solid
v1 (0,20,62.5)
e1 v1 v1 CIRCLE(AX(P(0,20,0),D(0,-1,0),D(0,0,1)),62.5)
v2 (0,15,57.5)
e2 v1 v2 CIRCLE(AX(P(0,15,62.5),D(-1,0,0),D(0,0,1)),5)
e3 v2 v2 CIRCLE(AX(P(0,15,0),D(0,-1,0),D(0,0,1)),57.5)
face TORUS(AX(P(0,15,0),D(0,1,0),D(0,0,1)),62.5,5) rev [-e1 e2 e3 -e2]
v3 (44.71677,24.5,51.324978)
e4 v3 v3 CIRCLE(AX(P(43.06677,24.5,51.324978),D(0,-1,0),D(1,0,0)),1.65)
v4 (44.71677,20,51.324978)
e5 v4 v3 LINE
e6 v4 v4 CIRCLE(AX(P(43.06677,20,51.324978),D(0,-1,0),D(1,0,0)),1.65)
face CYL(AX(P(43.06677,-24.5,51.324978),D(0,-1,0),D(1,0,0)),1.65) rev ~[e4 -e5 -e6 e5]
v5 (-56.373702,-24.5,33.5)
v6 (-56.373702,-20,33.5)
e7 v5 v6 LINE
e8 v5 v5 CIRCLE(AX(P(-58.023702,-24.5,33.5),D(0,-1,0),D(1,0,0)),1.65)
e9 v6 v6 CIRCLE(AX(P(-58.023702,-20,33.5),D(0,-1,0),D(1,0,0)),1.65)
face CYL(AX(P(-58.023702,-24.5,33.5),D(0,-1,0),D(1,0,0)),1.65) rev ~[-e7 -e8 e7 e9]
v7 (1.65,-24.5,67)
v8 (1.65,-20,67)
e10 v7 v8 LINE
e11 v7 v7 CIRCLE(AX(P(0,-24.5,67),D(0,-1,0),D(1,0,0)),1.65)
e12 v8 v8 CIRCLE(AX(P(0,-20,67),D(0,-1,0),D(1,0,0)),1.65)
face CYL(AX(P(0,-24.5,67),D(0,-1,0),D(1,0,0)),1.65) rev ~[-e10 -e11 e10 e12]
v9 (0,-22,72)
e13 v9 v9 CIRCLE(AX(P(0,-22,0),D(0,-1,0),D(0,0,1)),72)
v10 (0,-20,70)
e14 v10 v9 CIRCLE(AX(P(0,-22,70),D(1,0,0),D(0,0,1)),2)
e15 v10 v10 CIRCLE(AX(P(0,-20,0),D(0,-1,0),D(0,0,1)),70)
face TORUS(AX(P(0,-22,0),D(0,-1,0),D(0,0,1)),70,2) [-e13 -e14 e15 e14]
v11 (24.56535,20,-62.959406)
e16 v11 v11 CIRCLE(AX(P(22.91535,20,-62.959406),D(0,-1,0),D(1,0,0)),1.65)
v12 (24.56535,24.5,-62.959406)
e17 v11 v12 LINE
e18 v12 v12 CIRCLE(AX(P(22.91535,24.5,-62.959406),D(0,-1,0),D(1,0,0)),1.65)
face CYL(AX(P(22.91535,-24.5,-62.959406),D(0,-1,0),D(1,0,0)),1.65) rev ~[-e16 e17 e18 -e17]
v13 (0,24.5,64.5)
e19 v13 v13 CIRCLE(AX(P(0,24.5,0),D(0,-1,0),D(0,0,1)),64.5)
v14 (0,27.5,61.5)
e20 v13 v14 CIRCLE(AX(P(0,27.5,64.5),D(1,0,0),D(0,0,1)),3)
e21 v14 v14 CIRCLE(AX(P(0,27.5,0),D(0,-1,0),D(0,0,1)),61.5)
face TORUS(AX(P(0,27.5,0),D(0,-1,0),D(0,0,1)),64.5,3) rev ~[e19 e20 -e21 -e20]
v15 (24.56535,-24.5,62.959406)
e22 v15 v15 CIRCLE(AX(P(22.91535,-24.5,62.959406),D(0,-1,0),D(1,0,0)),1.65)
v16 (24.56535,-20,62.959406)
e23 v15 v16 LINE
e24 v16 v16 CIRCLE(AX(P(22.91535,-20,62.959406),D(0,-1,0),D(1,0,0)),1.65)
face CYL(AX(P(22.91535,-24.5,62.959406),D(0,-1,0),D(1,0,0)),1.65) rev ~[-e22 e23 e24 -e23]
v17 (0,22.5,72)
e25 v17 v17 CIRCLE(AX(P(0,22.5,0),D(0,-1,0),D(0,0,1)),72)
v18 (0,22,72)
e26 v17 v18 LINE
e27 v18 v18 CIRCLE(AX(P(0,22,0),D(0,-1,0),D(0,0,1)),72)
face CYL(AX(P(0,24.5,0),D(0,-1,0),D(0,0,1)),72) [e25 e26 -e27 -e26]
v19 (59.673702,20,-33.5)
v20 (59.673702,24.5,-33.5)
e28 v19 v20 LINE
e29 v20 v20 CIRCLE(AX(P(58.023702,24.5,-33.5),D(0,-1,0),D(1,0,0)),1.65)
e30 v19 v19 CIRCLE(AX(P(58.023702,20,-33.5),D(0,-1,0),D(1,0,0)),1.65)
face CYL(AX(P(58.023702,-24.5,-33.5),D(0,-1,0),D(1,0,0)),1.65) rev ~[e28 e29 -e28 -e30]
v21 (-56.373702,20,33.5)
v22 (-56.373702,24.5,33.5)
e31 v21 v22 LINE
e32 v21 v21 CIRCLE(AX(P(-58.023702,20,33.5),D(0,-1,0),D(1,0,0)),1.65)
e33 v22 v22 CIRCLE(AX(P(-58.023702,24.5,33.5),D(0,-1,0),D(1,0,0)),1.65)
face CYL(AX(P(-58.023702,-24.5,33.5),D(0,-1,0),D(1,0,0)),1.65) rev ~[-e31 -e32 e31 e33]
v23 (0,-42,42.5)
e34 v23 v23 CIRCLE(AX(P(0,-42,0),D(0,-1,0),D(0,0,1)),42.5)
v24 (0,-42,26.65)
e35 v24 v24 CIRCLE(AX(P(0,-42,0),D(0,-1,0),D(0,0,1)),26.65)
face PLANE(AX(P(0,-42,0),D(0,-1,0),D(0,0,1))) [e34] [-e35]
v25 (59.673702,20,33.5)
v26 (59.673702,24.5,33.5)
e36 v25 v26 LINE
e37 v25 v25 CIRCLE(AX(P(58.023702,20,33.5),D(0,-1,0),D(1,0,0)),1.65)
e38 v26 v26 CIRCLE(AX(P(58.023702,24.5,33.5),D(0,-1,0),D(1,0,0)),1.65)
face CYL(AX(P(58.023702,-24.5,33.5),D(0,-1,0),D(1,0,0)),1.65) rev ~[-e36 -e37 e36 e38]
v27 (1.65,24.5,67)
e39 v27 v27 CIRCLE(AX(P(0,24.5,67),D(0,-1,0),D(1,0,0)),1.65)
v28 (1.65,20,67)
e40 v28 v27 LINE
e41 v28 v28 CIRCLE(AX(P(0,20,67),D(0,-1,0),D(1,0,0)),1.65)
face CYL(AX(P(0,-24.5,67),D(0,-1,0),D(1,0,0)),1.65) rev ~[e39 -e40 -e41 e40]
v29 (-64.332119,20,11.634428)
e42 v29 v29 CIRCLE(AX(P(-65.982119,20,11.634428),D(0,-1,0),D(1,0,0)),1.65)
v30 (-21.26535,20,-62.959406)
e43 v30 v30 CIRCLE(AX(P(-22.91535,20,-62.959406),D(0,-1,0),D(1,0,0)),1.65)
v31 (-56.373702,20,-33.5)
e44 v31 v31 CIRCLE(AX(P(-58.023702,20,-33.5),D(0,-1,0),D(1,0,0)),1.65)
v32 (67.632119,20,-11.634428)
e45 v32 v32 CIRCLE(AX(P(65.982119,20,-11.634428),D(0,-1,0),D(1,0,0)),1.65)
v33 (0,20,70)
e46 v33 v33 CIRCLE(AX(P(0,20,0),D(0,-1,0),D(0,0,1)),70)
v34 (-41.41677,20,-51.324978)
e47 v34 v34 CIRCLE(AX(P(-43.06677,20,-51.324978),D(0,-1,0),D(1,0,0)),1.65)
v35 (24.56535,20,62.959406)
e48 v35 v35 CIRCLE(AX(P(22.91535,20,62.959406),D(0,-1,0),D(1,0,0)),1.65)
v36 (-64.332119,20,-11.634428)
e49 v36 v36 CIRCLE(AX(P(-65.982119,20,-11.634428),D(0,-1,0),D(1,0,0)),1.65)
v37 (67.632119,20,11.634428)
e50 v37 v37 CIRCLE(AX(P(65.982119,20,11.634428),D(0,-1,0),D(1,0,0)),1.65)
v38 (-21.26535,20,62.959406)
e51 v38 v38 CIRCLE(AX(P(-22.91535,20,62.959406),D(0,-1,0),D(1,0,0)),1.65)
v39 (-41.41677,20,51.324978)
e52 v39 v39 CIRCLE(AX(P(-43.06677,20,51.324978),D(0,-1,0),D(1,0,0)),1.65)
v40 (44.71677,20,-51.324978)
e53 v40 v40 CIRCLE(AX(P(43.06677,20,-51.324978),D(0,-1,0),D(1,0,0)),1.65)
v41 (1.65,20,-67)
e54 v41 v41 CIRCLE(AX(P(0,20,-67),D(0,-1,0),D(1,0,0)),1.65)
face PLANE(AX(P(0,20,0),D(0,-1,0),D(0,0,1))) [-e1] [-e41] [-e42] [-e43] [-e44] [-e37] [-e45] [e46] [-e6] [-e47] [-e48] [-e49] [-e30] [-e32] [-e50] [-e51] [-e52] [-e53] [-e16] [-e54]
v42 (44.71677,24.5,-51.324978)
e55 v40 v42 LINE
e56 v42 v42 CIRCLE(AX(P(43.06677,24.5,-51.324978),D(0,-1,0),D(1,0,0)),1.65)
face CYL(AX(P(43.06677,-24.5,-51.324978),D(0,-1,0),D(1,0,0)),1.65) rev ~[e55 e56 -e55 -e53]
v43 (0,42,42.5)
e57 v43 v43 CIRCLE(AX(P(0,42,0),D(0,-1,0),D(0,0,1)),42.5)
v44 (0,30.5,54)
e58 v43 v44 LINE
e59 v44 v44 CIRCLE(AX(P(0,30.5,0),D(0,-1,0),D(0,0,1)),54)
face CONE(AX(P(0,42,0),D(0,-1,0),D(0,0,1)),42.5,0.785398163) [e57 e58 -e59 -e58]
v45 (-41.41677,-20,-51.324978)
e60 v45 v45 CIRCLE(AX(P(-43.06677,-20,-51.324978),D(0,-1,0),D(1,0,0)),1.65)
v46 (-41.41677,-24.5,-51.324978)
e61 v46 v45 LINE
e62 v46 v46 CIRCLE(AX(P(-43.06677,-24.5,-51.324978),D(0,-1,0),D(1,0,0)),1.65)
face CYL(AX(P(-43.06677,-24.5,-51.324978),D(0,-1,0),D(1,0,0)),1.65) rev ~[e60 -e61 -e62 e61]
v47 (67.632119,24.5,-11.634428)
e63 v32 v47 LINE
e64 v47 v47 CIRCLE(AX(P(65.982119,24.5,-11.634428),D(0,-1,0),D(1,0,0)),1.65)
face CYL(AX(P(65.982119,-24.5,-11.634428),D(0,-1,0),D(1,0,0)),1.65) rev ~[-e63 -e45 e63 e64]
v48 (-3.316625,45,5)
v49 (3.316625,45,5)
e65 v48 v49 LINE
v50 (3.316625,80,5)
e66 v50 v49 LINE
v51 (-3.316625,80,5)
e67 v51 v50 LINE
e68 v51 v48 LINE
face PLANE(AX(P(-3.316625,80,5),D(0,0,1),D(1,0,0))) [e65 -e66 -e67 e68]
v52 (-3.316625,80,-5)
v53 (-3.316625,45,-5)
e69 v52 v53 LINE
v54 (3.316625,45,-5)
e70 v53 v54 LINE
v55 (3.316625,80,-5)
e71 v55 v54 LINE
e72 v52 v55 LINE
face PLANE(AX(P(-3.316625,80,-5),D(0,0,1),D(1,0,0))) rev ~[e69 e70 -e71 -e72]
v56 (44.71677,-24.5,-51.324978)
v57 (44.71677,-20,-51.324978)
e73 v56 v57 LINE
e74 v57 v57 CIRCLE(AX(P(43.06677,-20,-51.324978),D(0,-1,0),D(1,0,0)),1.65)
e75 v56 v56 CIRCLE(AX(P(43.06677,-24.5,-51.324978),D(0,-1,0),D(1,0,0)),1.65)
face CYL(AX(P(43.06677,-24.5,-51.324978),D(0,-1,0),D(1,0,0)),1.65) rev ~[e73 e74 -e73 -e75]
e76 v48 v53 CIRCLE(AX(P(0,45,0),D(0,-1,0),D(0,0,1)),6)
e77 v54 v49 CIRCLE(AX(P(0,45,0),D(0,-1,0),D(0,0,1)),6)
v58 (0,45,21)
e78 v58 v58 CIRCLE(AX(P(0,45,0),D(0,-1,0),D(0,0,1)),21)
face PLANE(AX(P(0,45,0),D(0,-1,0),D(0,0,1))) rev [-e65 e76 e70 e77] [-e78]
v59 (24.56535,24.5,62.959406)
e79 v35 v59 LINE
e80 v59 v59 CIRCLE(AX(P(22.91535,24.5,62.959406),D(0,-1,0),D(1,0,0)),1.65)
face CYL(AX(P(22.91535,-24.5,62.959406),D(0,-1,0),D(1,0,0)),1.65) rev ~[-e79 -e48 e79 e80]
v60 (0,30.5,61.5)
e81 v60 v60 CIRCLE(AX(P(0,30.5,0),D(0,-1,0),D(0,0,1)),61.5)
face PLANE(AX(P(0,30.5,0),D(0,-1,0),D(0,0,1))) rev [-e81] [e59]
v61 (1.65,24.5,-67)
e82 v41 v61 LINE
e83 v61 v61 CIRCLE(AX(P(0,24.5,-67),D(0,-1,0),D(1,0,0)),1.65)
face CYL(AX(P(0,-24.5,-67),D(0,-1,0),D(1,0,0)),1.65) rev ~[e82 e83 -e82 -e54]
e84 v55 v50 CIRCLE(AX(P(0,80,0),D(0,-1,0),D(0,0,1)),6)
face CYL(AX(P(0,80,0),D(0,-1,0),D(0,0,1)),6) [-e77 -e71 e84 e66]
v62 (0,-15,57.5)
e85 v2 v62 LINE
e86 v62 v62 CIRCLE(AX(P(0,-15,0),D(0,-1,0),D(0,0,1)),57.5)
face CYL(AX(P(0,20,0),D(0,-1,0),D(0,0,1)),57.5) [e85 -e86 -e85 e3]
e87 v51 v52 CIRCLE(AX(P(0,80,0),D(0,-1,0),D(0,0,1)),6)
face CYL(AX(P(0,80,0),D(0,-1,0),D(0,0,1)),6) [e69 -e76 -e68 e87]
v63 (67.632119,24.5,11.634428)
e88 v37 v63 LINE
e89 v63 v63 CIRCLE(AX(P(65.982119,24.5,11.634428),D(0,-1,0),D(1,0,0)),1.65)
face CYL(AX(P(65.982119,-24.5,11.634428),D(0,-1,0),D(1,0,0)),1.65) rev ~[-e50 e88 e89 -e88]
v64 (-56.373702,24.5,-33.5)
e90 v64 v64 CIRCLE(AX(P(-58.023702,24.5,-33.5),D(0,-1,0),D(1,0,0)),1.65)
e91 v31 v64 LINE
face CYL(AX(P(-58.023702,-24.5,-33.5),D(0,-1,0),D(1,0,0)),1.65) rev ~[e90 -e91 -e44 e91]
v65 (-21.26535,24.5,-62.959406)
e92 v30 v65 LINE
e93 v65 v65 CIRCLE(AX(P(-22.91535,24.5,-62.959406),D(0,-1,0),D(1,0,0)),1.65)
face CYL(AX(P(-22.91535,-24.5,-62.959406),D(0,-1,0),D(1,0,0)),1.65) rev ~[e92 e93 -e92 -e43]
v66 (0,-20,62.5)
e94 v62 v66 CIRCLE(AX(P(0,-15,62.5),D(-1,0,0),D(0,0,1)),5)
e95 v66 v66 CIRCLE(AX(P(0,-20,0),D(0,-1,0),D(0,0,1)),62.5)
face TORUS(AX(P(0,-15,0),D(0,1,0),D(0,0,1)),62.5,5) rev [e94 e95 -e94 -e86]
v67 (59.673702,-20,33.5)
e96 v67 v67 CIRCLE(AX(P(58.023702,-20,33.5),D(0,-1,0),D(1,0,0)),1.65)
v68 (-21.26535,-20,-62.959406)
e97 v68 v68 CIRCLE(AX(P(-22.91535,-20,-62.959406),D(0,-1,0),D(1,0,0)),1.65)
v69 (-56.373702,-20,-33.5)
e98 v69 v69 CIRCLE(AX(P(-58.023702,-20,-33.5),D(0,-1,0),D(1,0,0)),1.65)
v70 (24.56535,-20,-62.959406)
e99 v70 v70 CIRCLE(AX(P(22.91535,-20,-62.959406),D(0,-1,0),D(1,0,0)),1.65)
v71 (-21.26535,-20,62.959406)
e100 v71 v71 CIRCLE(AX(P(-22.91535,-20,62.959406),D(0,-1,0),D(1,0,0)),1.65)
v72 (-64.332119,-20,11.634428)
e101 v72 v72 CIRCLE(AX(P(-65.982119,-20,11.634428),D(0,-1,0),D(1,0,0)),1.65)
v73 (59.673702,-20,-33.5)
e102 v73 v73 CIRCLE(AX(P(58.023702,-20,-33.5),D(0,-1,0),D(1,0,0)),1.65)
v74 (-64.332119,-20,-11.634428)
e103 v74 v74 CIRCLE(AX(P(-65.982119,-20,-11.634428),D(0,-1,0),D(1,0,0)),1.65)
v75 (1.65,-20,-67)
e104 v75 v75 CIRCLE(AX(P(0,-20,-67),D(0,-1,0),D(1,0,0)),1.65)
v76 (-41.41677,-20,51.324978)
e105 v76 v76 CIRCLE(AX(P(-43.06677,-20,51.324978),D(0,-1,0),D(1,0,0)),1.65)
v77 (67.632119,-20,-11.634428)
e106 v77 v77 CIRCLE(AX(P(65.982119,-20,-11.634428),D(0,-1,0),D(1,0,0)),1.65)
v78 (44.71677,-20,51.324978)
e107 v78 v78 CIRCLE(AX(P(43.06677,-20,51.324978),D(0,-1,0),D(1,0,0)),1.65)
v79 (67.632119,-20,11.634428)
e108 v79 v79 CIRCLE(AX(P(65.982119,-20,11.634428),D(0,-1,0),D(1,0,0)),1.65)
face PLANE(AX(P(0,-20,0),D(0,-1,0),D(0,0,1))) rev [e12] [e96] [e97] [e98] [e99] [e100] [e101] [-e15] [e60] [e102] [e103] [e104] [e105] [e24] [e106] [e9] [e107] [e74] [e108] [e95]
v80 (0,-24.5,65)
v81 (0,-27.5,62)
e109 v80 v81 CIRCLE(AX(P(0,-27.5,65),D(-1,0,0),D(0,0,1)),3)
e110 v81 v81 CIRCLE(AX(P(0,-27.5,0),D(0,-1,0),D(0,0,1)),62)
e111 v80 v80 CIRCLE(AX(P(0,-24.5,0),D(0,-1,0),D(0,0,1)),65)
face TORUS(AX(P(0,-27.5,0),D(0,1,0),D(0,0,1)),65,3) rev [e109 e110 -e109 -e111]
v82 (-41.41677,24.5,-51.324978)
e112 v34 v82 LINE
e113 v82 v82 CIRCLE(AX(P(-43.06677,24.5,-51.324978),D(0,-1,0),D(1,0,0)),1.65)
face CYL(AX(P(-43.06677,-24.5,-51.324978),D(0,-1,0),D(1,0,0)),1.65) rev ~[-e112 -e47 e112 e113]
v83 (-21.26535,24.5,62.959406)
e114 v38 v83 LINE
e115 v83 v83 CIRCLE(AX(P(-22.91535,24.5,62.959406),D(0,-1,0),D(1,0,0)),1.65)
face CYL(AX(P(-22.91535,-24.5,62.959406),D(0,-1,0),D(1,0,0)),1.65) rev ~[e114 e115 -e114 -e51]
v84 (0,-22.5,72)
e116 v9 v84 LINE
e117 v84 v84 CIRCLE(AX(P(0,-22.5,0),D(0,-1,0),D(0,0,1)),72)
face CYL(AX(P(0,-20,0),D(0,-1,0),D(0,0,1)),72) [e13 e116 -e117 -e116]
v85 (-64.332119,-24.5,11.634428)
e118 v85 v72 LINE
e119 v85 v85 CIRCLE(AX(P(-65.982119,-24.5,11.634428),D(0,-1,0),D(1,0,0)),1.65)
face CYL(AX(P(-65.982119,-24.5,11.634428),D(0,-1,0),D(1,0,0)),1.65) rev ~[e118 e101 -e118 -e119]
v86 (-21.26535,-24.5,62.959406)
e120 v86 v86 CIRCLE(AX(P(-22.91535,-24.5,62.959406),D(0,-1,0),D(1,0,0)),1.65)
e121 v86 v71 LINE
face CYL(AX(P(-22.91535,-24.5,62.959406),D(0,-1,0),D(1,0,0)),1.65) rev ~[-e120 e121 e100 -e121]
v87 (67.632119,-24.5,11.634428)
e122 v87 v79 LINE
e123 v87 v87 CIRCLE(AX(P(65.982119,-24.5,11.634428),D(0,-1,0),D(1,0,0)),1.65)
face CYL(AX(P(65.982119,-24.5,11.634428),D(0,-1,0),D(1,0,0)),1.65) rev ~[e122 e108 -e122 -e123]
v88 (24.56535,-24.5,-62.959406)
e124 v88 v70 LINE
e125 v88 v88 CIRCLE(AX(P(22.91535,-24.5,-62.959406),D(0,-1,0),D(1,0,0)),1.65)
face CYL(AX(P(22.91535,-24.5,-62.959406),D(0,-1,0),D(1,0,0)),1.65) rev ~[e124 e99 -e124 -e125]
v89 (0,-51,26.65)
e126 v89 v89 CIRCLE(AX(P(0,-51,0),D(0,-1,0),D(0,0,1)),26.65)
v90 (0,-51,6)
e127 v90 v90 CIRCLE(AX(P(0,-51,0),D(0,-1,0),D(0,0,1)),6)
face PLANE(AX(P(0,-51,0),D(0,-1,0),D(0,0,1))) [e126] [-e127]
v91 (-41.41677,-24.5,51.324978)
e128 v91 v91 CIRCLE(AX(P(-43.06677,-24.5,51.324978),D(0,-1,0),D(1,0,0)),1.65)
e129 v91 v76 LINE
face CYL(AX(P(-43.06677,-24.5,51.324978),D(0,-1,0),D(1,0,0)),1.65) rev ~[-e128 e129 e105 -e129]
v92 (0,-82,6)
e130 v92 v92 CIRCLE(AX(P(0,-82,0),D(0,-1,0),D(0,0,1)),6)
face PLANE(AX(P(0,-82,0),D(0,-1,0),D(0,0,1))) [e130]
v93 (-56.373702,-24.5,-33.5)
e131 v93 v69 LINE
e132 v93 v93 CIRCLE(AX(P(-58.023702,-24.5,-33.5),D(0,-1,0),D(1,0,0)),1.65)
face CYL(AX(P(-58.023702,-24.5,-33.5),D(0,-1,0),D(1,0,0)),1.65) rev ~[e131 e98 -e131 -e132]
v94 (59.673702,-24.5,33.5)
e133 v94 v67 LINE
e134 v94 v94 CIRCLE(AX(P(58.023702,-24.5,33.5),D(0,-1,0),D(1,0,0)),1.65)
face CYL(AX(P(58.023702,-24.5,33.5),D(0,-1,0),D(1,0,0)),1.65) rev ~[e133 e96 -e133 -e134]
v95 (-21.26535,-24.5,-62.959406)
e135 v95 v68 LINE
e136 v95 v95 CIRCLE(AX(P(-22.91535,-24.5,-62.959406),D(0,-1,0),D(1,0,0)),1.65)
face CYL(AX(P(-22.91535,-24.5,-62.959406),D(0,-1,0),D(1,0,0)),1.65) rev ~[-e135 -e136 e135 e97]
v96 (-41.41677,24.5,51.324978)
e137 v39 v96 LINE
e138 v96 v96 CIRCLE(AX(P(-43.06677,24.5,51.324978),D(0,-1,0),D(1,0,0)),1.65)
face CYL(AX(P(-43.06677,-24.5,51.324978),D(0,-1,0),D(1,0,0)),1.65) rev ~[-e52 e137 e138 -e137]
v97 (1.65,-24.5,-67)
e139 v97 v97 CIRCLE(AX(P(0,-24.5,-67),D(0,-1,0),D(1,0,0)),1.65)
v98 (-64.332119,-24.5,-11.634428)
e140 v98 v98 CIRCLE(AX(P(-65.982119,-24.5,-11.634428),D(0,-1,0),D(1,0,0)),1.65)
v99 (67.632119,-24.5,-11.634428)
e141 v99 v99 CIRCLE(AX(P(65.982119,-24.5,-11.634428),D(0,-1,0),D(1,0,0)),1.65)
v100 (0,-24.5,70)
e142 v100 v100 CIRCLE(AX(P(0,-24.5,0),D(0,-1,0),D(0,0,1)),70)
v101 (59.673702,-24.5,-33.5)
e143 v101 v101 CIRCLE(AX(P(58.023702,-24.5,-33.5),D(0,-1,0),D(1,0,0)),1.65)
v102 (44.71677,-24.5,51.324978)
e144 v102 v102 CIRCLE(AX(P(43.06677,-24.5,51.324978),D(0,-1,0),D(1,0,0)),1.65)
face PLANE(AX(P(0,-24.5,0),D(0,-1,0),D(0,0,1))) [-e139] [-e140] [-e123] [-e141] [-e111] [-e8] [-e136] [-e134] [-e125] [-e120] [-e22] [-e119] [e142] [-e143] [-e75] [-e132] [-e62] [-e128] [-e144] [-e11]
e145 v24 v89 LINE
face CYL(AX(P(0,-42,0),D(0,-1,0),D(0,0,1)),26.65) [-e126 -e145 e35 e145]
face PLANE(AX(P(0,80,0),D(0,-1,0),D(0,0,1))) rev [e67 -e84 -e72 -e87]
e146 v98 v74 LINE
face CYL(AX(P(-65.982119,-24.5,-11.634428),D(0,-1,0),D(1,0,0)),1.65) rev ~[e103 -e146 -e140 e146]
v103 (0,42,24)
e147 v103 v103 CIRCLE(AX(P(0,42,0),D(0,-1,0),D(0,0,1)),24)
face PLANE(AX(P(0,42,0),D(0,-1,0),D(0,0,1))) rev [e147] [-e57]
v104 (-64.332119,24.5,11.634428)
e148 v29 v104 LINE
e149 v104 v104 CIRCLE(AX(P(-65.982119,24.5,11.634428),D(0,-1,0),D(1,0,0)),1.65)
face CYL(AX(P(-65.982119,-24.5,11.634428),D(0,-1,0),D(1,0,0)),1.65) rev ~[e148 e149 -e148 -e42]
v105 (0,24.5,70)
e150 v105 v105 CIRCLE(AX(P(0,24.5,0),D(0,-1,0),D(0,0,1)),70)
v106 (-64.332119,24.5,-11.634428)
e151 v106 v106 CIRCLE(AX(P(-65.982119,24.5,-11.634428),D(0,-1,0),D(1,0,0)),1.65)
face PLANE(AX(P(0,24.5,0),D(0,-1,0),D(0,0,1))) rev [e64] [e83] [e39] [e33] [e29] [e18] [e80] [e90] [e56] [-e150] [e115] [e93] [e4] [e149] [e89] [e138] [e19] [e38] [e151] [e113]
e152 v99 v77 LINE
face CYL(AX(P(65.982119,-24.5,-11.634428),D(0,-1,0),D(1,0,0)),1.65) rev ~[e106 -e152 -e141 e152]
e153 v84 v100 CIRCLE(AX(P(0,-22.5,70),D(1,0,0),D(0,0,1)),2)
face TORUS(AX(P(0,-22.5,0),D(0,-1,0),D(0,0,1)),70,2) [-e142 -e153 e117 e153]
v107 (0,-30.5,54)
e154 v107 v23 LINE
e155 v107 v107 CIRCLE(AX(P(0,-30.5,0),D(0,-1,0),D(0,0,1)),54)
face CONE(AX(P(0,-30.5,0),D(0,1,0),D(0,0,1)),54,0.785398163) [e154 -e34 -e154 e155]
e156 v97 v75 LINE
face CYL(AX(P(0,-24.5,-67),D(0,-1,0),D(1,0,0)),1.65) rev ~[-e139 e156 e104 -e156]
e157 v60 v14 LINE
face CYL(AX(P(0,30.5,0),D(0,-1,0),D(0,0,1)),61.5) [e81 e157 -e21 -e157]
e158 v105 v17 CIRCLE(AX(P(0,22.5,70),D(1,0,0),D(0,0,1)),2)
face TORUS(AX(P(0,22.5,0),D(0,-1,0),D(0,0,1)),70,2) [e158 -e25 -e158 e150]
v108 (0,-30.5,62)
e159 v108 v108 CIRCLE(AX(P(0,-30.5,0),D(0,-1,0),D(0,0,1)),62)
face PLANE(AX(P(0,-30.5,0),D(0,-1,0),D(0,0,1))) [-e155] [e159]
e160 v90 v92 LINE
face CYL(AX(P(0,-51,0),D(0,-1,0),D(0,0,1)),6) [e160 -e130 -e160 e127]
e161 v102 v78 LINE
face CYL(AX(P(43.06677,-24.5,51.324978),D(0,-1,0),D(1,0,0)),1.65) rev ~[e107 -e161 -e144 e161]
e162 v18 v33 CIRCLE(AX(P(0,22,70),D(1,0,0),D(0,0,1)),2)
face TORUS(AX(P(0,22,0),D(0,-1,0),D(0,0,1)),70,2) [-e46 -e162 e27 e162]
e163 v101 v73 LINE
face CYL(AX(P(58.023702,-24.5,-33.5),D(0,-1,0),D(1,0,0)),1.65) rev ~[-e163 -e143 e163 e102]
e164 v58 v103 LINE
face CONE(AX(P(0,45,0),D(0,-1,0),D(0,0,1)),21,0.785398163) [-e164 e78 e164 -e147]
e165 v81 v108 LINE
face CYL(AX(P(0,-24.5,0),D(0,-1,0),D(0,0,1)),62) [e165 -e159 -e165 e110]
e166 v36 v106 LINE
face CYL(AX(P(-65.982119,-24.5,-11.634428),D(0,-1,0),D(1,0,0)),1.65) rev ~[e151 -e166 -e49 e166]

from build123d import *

# Parameters (mm, degrees)
FILLET_1_R               = 2
FILLET_2_R               = 5
FILLET_3_R               = 3
CUT_EXTRUDE_1_DEPTH      = 35
SKETCH_3_R               = 1.65
CUT_EXTRUDE_2_DEPTH      = 58.5
CUT_EXTRUDE_2_DEPTH_BACK = 105.5


with BuildPart() as part:
    # Эскиз1 → Повернуть1 (revolve)
    with BuildSketch(Plane(origin=(0, 0, 0), x_dir=(0, 0, -1), z_dir=(1, 0, 0))):
        Polygon((0, 80), (-6, 80), (-6, 45), (-21, 45), (-24, 42), (-42.5, 42), (-54, 30.5), (-61.5, 30.5), (-61.5, 24.5), (-72, 24.5), (-72, 20), (-57.5, 20), (-57.5, -20), (-72, -20), (-72, -24.5), (-62, -24.5), (-62, -30.5), (-54, -30.5), (-42.5, -42), (-26.65, -42), (-26.65, -51), (-6, -51), (-6, -82), (0, -82), align=None)
    revolve(axis=Axis((0, 80, 0), (0, -1, 0)))

    # Скругление1
    fillet_1_edges = [part.edges().sort_by_distance(p)[0] for p in [
        (0, -24.5, -72),
        (0, -20, -72),
        (0, 20, -72),
        (0, 24.5, -72),
    ]]
    fillet(fillet_1_edges, radius=FILLET_1_R)

    # Скругление2
    fillet_2_edges = [part.edges().sort_by_distance(p)[0] for p in [
        (0, -20, -57.5),
        (0, 20, -57.5),
    ]]
    fillet(fillet_2_edges, radius=FILLET_2_R)

    # Скругление3
    fillet_3_edges = [part.edges().sort_by_distance(p)[0] for p in [
        (0, -24.5, -62),
        (0, 24.5, -61.5),
    ]]
    fillet(fillet_3_edges, radius=FILLET_3_R)

    # Эскиз2 → Вырез-Вытянуть1 (cut)
    with BuildSketch(Plane(origin=(0, 80, 0), x_dir=(1, 0, 0), z_dir=(0, 1, 0))):
        with BuildLine():
            Line((-3.31662479, 5), (3.31662479, 5))
            ThreePointArc((3.31662479, 5), (0, 6), (-3.31662479, 5))
        make_face()
        with BuildLine():
            Line((-3.31662479, -5), (3.31662479, -5))
            ThreePointArc((3.31662479, -5), (0, -6), (-3.31662479, -5))
        make_face()
    extrude(amount=-CUT_EXTRUDE_1_DEPTH, mode=Mode.SUBTRACT)

    # Эскиз3 → Вырез-Вытянуть2 (cut, two sides)
    with BuildSketch(Plane.XZ.offset(24.5)) as cut_extrude_2_sk:
        with Locations((0, 67)):
            Circle(SKETCH_3_R)
        with Locations((22.915349603, 62.959405593)):
            Circle(SKETCH_3_R)
        with Locations((43.066769849, 51.324977689)):
            Circle(SKETCH_3_R)
        with Locations((58.023702054, 33.5)):
            Circle(SKETCH_3_R)
        with Locations((65.982119452, 11.634427904)):
            Circle(SKETCH_3_R)
        with Locations((65.982119452, -11.634427904)):
            Circle(SKETCH_3_R)
        with Locations((58.023702054, -33.5)):
            Circle(SKETCH_3_R)
        with Locations((43.066769849, -51.324977689)):
            Circle(SKETCH_3_R)
        with Locations((22.915349603, -62.959405593)):
            Circle(SKETCH_3_R)
        with Locations((0, -67)):
            Circle(SKETCH_3_R)
        with Locations((-22.915349603, -62.959405593)):
            Circle(SKETCH_3_R)
        with Locations((-43.066769849, -51.324977689)):
            Circle(SKETCH_3_R)
        with Locations((-58.023702054, -33.5)):
            Circle(SKETCH_3_R)
        with Locations((-65.982119452, -11.634427904)):
            Circle(SKETCH_3_R)
        with Locations((-65.982119452, 11.634427904)):
            Circle(SKETCH_3_R)
        with Locations((-58.023702054, 33.5)):
            Circle(SKETCH_3_R)
        with Locations((-43.066769849, 51.324977689)):
            Circle(SKETCH_3_R)
        with Locations((-22.915349603, 62.959405593)):
            Circle(SKETCH_3_R)
    extrude(amount=CUT_EXTRUDE_2_DEPTH, mode=Mode.SUBTRACT)
    extrude(cut_extrude_2_sk.sketch, amount=-CUT_EXTRUDE_2_DEPTH_BACK, mode=Mode.SUBTRACT)


solid = part.part
